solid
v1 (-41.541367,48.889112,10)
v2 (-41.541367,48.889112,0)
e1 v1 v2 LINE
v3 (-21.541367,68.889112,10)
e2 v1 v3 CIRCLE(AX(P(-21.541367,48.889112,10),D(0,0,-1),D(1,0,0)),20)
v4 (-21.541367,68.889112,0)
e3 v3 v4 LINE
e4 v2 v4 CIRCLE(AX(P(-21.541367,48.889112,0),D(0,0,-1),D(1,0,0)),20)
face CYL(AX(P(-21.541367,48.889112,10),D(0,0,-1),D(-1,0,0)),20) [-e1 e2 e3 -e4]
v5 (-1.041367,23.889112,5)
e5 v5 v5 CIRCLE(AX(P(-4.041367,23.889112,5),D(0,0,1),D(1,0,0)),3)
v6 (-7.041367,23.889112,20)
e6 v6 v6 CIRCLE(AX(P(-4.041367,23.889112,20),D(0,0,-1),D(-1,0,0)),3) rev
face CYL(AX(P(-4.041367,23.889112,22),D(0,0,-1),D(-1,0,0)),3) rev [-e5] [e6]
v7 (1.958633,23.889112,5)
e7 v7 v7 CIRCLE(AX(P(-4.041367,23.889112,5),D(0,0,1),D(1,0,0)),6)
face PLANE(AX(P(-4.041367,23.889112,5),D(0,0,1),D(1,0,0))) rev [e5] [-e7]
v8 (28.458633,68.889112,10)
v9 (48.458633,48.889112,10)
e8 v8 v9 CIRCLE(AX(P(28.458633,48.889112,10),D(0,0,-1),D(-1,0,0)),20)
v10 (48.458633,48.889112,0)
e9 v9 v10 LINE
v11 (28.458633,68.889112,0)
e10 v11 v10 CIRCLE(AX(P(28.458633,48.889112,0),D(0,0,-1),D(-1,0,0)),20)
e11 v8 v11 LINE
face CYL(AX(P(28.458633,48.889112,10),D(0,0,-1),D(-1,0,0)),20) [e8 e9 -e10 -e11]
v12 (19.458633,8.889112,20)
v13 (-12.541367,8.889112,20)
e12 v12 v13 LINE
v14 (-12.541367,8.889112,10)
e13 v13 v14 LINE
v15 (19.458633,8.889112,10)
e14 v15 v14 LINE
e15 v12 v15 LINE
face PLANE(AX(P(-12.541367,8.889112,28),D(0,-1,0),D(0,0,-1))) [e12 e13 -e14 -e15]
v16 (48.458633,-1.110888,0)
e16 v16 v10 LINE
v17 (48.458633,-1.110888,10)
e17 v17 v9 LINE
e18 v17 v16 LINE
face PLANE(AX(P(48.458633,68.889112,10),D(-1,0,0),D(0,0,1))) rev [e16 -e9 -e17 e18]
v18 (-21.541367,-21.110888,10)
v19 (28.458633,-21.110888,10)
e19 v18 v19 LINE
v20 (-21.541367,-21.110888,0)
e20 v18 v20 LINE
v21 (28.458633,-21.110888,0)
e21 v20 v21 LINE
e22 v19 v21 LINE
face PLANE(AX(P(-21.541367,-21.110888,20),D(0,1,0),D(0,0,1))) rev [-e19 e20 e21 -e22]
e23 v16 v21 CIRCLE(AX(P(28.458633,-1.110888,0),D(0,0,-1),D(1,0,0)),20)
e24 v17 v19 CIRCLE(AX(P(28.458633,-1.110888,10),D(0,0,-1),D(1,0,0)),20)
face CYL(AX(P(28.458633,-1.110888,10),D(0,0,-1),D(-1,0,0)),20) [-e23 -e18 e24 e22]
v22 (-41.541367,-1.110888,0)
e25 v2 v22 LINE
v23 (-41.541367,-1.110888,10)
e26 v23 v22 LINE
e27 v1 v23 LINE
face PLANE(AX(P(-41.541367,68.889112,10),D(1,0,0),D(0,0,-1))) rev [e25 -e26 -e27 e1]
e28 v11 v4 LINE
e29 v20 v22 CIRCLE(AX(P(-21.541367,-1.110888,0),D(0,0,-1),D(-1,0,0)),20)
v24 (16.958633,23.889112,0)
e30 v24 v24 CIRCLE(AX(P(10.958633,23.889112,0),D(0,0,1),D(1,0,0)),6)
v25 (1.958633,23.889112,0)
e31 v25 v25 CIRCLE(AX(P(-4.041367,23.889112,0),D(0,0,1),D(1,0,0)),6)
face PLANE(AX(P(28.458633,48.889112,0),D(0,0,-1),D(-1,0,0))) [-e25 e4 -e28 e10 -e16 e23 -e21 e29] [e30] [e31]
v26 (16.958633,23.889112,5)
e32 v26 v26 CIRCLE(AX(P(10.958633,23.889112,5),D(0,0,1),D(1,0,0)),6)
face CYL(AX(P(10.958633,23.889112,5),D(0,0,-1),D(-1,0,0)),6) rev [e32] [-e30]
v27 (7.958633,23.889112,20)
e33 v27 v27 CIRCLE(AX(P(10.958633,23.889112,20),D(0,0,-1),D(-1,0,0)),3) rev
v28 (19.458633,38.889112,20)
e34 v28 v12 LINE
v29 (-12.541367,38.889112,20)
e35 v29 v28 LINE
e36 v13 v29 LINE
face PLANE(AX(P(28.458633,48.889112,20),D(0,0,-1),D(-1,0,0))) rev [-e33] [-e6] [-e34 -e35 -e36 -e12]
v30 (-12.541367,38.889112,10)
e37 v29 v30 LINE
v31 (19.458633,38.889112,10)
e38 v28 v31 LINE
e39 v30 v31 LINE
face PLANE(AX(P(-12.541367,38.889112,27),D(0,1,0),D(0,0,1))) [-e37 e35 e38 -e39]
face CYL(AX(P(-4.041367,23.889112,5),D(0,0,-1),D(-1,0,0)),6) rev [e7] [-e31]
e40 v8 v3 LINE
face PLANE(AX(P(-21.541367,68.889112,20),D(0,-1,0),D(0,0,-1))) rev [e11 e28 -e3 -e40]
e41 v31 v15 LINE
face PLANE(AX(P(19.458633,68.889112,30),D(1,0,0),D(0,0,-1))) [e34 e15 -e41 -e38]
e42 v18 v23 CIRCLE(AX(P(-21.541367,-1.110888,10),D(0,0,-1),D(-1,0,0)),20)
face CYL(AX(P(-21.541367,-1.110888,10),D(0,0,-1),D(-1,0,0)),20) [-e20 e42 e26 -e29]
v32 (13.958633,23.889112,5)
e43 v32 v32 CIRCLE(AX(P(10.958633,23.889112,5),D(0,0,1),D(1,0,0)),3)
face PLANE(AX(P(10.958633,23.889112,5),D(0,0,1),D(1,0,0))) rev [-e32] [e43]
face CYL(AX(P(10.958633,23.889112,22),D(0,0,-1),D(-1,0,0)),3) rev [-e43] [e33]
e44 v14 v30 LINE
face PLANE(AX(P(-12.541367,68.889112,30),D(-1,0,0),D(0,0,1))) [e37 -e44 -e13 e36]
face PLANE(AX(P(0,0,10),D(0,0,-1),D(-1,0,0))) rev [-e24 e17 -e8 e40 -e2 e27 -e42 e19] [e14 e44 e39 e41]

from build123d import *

# Parameters (mm, degrees)
Y_KSEKLIK_EKSTR_ZYON1_DEPTH = 20
CUT_EXTRUDE1_DEPTH          = 44
CUT_EXTRUDE1_DEPTH_BACK     = 10
SKETCH1_R                   = 2.5
SKETCH2_W                   = 32
SKETCH2_H                   = 30
CUT_EXTRUDE3_DEPTH          = 27
SKETCH3_W                   = 32
SKETCH3_H                   = 30
BOSS_EXTRUDE1_DEPTH         = 16
CUT_EXTRUDE4_DEPTH          = 4
SKETCH5_W                   = 33.515954684
SKETCH5_H                   = 18.308274805
BOSS_EXTRUDE2_DEPTH         = 10
CUT_EXTRUDE5_DEPTH          = 53
CUT_EXTRUDE5_DEPTH_BACK     = 25
SKETCH6_R                   = 2.5
SKETCH7_W                   = 36.495036791
SKETCH7_H                   = 91.485439351
SKETCH7_W_2                 = 38.306268879
CUT_EXTRUDE7_DEPTH          = 30
SKETCH8_W                   = 29
SKETCH8_H                   = 90
BOSS_EXTRUDE3_DEPTH         = 10
CUT_EXTRUDE8_DEPTH          = 10
SKETCH10_W                  = 32
SKETCH10_H                  = 30
CUT_EXTRUDE9_DEPTH          = 28
SKETCH11_W                  = 32
SKETCH11_H                  = 30
BOSS_EXTRUDE4_DEPTH         = 10
SKETCH12_R                  = 3
CUT_EXTRUDE10_DEPTH         = 22
SKETCH13_R                  = 6
CUT_EXTRUDE11_DEPTH         = 5


with BuildPart() as part:
    # Çizim1 → Yükseklik-Ekstrüzyon1 (new body)
    with BuildSketch(Plane.XY):
        with BuildLine():
            Line((-41.541366964, -1.110887656), (-41.541366964, 48.889112344))
            ThreePointArc((-41.541366964, 48.889112344), (-35.683502588, 63.031247968), (-21.541366964, 68.889112344))
            Line((-21.541366964, 68.889112344), (28.458633036, 68.889112344))
            ThreePointArc((28.458633036, 68.889112344), (42.600768659, 63.031247968), (48.458633036, 48.889112344))
            Line((48.458633036, 48.889112344), (48.458633036, -1.110887656))
            ThreePointArc((48.458633036, -1.110887656), (42.600768659, -15.25302328), (28.458633036, -21.110887656))
            Line((28.458633036, -21.110887656), (-21.541366964, -21.110887656))
            ThreePointArc((-21.541366964, -21.110887656), (-35.683502588, -15.25302328), (-41.541366964, -1.110887656))
        make_face()
    extrude(amount=Y_KSEKLIK_EKSTR_ZYON1_DEPTH)

    # Sketch1 → Cut-Extrude1 (cut, two sides: drawn at the far end of the back side and taken through both)
    with BuildSketch(Plane.XY.offset(-CUT_EXTRUDE1_DEPTH_BACK)):
        with Locations(Location((-4.041366964, 23.889112344, 0), (0, 0, 180))):
            Circle(SKETCH1_R)
        with Locations(Location((10.958633036, 23.889112344, 0), (0, 0, 180))):
            Circle(SKETCH1_R)
    extrude(amount=CUT_EXTRUDE1_DEPTH + CUT_EXTRUDE1_DEPTH_BACK, mode=Mode.SUBTRACT)

    # Sketch2 → Cut-Extrude3 (cut)
    with BuildSketch(Plane.XY):
        with Locations((3.458633036, 53.889112344)):
            Rectangle(SKETCH2_W, SKETCH2_H)
    extrude(amount=CUT_EXTRUDE3_DEPTH, mode=Mode.SUBTRACT)

    # Sketch3 → Boss-Extrude1 (add)
    with BuildSketch(Plane.XY):
        with Locations((3.458633036, 53.889112344)):
            Rectangle(SKETCH3_W, SKETCH3_H)
    extrude(amount=BOSS_EXTRUDE1_DEPTH)

    # Sketch4 → Cut-Extrude4 (cut)
    with BuildSketch(Plane.XY):
        Polygon((15.692905243, 23.889112344), (13.325769139, 27.989112344), (8.591496932, 27.989112344), (6.224360828, 23.889112344), (8.591496932, 19.789112344), (13.325769139, 19.789112344), align=None)
        Polygon((0.692905243, 23.889112344), (-1.674230861, 27.989112344), (-6.408503068, 27.989112344), (-8.775639172, 23.889112344), (-6.408503068, 19.789112344), (-1.674230861, 19.789112344), align=None)
    extrude(amount=CUT_EXTRUDE4_DEPTH, mode=Mode.SUBTRACT)

    # Sketch5 → Boss-Extrude2 (add)
    with BuildSketch(Plane.XY):
        with Locations((2.203630327, 23.667641278)):
            Rectangle(SKETCH5_W, SKETCH5_H)
    extrude(amount=BOSS_EXTRUDE2_DEPTH)

    # Sketch6 → Cut-Extrude5 (cut, two sides: drawn at the far end of the back side and taken through both)
    with BuildSketch(Plane.XY.offset(-CUT_EXTRUDE5_DEPTH_BACK)):
        with Locations(Location((-4.041366964, 23.889112344, 0), (0, 0, 180))):
            Circle(SKETCH6_R)
        with Locations(Location((10.958633036, 23.889112344, 0), (0, 0, 180))):
            Circle(SKETCH6_R)
    extrude(amount=CUT_EXTRUDE5_DEPTH + CUT_EXTRUDE5_DEPTH_BACK, mode=Mode.SUBTRACT)

    # Sketch7 → Cut-Extrude7 (cut)
    with BuildSketch(Plane.XY):
        with Locations((-30.78888536, 23.146392668)):
            Rectangle(SKETCH7_W, SKETCH7_H)
        with Locations((38.611767476, 23.146392668)):
            Rectangle(SKETCH7_W_2, SKETCH7_H)
    extrude(amount=CUT_EXTRUDE7_DEPTH, mode=Mode.SUBTRACT)

    # Sketch8 → Boss-Extrude3 (add)
    with BuildSketch(Plane.XY):
        with Locations((-27.041366964, 23.889112344)):
            Rectangle(SKETCH8_W, SKETCH8_H)
        with Locations((33.958633036, 23.889112344)):
            Rectangle(SKETCH8_W, SKETCH8_H)
    extrude(amount=BOSS_EXTRUDE3_DEPTH)

    # Sketch9 → Cut-Extrude8 (cut)
    with BuildSketch(Plane.XY):
        with BuildLine():
            Line((-41.541366964, 68.889112344), (-21.541366964, 68.889112344))
            ThreePointArc((-21.541366964, 68.889112344), (-35.683502588, 63.031247968), (-41.541366964, 48.889112344))
            Line((-41.541366964, 48.889112344), (-41.541366964, 68.889112344))
        make_face()
        with BuildLine():
            Line((48.458633036, 68.889112344), (48.458633036, 48.889112344))
            ThreePointArc((48.458633036, 48.889112344), (42.600768659, 63.031247968), (28.458633036, 68.889112344))
            Line((28.458633036, 68.889112344), (48.458633036, 68.889112344))
        make_face()
        with BuildLine():
            Line((48.458633036, -21.110887656), (28.458633036, -21.110887656))
            ThreePointArc((28.458633036, -21.110887656), (42.600768659, -15.25302328), (48.458633036, -1.110887656))
            Line((48.458633036, -1.110887656), (48.458633036, -21.110887656))
        make_face()
        with BuildLine():
            Line((-41.541366964, -21.110887656), (-41.541366964, -1.110887656))
            ThreePointArc((-41.541366964, -1.110887656), (-35.683502588, -15.25302328), (-21.541366964, -21.110887656))
            Line((-21.541366964, -21.110887656), (-41.541366964, -21.110887656))
        make_face()
    extrude(amount=CUT_EXTRUDE8_DEPTH, mode=Mode.SUBTRACT)

    # Sketch10 → Cut-Extrude9 (cut)
    with BuildSketch(Plane.XY):
        with Locations((3.458633036, 53.889112344)):
            Rectangle(SKETCH10_W, SKETCH10_H)
        with Locations((3.458633036, -6.110887656)):
            Rectangle(SKETCH10_W, SKETCH10_H)
    extrude(amount=CUT_EXTRUDE9_DEPTH, mode=Mode.SUBTRACT)

    # Sketch11 → Boss-Extrude4 (add)
    with BuildSketch(Plane.XY):
        with Locations((3.458633036, 53.889112344)):
            Rectangle(SKETCH11_W, SKETCH11_H)
        with Locations((3.458633036, -6.110887656)):
            Rectangle(SKETCH11_W, SKETCH11_H)
    extrude(amount=BOSS_EXTRUDE4_DEPTH)

    # Sketch12 → Cut-Extrude10 (cut)
    with BuildSketch(Plane.XY):
        with Locations(Location((-4.041366964, 23.889112344, 0), (0, 0, 180))):
            Circle(SKETCH12_R)
        with Locations(Location((10.958633036, 23.889112344, 0), (0, 0, 180))):
            Circle(SKETCH12_R)
    extrude(amount=CUT_EXTRUDE10_DEPTH, mode=Mode.SUBTRACT)

    # Sketch13 → Cut-Extrude11 (cut)
    with BuildSketch(Plane.XY):
        with Locations((10.958633036, 23.889112344)):
            Circle(SKETCH13_R)
        with Locations((-4.041366964, 23.889112344)):
            Circle(SKETCH13_R)
    extrude(amount=CUT_EXTRUDE11_DEPTH, mode=Mode.SUBTRACT)


solid = part.part
